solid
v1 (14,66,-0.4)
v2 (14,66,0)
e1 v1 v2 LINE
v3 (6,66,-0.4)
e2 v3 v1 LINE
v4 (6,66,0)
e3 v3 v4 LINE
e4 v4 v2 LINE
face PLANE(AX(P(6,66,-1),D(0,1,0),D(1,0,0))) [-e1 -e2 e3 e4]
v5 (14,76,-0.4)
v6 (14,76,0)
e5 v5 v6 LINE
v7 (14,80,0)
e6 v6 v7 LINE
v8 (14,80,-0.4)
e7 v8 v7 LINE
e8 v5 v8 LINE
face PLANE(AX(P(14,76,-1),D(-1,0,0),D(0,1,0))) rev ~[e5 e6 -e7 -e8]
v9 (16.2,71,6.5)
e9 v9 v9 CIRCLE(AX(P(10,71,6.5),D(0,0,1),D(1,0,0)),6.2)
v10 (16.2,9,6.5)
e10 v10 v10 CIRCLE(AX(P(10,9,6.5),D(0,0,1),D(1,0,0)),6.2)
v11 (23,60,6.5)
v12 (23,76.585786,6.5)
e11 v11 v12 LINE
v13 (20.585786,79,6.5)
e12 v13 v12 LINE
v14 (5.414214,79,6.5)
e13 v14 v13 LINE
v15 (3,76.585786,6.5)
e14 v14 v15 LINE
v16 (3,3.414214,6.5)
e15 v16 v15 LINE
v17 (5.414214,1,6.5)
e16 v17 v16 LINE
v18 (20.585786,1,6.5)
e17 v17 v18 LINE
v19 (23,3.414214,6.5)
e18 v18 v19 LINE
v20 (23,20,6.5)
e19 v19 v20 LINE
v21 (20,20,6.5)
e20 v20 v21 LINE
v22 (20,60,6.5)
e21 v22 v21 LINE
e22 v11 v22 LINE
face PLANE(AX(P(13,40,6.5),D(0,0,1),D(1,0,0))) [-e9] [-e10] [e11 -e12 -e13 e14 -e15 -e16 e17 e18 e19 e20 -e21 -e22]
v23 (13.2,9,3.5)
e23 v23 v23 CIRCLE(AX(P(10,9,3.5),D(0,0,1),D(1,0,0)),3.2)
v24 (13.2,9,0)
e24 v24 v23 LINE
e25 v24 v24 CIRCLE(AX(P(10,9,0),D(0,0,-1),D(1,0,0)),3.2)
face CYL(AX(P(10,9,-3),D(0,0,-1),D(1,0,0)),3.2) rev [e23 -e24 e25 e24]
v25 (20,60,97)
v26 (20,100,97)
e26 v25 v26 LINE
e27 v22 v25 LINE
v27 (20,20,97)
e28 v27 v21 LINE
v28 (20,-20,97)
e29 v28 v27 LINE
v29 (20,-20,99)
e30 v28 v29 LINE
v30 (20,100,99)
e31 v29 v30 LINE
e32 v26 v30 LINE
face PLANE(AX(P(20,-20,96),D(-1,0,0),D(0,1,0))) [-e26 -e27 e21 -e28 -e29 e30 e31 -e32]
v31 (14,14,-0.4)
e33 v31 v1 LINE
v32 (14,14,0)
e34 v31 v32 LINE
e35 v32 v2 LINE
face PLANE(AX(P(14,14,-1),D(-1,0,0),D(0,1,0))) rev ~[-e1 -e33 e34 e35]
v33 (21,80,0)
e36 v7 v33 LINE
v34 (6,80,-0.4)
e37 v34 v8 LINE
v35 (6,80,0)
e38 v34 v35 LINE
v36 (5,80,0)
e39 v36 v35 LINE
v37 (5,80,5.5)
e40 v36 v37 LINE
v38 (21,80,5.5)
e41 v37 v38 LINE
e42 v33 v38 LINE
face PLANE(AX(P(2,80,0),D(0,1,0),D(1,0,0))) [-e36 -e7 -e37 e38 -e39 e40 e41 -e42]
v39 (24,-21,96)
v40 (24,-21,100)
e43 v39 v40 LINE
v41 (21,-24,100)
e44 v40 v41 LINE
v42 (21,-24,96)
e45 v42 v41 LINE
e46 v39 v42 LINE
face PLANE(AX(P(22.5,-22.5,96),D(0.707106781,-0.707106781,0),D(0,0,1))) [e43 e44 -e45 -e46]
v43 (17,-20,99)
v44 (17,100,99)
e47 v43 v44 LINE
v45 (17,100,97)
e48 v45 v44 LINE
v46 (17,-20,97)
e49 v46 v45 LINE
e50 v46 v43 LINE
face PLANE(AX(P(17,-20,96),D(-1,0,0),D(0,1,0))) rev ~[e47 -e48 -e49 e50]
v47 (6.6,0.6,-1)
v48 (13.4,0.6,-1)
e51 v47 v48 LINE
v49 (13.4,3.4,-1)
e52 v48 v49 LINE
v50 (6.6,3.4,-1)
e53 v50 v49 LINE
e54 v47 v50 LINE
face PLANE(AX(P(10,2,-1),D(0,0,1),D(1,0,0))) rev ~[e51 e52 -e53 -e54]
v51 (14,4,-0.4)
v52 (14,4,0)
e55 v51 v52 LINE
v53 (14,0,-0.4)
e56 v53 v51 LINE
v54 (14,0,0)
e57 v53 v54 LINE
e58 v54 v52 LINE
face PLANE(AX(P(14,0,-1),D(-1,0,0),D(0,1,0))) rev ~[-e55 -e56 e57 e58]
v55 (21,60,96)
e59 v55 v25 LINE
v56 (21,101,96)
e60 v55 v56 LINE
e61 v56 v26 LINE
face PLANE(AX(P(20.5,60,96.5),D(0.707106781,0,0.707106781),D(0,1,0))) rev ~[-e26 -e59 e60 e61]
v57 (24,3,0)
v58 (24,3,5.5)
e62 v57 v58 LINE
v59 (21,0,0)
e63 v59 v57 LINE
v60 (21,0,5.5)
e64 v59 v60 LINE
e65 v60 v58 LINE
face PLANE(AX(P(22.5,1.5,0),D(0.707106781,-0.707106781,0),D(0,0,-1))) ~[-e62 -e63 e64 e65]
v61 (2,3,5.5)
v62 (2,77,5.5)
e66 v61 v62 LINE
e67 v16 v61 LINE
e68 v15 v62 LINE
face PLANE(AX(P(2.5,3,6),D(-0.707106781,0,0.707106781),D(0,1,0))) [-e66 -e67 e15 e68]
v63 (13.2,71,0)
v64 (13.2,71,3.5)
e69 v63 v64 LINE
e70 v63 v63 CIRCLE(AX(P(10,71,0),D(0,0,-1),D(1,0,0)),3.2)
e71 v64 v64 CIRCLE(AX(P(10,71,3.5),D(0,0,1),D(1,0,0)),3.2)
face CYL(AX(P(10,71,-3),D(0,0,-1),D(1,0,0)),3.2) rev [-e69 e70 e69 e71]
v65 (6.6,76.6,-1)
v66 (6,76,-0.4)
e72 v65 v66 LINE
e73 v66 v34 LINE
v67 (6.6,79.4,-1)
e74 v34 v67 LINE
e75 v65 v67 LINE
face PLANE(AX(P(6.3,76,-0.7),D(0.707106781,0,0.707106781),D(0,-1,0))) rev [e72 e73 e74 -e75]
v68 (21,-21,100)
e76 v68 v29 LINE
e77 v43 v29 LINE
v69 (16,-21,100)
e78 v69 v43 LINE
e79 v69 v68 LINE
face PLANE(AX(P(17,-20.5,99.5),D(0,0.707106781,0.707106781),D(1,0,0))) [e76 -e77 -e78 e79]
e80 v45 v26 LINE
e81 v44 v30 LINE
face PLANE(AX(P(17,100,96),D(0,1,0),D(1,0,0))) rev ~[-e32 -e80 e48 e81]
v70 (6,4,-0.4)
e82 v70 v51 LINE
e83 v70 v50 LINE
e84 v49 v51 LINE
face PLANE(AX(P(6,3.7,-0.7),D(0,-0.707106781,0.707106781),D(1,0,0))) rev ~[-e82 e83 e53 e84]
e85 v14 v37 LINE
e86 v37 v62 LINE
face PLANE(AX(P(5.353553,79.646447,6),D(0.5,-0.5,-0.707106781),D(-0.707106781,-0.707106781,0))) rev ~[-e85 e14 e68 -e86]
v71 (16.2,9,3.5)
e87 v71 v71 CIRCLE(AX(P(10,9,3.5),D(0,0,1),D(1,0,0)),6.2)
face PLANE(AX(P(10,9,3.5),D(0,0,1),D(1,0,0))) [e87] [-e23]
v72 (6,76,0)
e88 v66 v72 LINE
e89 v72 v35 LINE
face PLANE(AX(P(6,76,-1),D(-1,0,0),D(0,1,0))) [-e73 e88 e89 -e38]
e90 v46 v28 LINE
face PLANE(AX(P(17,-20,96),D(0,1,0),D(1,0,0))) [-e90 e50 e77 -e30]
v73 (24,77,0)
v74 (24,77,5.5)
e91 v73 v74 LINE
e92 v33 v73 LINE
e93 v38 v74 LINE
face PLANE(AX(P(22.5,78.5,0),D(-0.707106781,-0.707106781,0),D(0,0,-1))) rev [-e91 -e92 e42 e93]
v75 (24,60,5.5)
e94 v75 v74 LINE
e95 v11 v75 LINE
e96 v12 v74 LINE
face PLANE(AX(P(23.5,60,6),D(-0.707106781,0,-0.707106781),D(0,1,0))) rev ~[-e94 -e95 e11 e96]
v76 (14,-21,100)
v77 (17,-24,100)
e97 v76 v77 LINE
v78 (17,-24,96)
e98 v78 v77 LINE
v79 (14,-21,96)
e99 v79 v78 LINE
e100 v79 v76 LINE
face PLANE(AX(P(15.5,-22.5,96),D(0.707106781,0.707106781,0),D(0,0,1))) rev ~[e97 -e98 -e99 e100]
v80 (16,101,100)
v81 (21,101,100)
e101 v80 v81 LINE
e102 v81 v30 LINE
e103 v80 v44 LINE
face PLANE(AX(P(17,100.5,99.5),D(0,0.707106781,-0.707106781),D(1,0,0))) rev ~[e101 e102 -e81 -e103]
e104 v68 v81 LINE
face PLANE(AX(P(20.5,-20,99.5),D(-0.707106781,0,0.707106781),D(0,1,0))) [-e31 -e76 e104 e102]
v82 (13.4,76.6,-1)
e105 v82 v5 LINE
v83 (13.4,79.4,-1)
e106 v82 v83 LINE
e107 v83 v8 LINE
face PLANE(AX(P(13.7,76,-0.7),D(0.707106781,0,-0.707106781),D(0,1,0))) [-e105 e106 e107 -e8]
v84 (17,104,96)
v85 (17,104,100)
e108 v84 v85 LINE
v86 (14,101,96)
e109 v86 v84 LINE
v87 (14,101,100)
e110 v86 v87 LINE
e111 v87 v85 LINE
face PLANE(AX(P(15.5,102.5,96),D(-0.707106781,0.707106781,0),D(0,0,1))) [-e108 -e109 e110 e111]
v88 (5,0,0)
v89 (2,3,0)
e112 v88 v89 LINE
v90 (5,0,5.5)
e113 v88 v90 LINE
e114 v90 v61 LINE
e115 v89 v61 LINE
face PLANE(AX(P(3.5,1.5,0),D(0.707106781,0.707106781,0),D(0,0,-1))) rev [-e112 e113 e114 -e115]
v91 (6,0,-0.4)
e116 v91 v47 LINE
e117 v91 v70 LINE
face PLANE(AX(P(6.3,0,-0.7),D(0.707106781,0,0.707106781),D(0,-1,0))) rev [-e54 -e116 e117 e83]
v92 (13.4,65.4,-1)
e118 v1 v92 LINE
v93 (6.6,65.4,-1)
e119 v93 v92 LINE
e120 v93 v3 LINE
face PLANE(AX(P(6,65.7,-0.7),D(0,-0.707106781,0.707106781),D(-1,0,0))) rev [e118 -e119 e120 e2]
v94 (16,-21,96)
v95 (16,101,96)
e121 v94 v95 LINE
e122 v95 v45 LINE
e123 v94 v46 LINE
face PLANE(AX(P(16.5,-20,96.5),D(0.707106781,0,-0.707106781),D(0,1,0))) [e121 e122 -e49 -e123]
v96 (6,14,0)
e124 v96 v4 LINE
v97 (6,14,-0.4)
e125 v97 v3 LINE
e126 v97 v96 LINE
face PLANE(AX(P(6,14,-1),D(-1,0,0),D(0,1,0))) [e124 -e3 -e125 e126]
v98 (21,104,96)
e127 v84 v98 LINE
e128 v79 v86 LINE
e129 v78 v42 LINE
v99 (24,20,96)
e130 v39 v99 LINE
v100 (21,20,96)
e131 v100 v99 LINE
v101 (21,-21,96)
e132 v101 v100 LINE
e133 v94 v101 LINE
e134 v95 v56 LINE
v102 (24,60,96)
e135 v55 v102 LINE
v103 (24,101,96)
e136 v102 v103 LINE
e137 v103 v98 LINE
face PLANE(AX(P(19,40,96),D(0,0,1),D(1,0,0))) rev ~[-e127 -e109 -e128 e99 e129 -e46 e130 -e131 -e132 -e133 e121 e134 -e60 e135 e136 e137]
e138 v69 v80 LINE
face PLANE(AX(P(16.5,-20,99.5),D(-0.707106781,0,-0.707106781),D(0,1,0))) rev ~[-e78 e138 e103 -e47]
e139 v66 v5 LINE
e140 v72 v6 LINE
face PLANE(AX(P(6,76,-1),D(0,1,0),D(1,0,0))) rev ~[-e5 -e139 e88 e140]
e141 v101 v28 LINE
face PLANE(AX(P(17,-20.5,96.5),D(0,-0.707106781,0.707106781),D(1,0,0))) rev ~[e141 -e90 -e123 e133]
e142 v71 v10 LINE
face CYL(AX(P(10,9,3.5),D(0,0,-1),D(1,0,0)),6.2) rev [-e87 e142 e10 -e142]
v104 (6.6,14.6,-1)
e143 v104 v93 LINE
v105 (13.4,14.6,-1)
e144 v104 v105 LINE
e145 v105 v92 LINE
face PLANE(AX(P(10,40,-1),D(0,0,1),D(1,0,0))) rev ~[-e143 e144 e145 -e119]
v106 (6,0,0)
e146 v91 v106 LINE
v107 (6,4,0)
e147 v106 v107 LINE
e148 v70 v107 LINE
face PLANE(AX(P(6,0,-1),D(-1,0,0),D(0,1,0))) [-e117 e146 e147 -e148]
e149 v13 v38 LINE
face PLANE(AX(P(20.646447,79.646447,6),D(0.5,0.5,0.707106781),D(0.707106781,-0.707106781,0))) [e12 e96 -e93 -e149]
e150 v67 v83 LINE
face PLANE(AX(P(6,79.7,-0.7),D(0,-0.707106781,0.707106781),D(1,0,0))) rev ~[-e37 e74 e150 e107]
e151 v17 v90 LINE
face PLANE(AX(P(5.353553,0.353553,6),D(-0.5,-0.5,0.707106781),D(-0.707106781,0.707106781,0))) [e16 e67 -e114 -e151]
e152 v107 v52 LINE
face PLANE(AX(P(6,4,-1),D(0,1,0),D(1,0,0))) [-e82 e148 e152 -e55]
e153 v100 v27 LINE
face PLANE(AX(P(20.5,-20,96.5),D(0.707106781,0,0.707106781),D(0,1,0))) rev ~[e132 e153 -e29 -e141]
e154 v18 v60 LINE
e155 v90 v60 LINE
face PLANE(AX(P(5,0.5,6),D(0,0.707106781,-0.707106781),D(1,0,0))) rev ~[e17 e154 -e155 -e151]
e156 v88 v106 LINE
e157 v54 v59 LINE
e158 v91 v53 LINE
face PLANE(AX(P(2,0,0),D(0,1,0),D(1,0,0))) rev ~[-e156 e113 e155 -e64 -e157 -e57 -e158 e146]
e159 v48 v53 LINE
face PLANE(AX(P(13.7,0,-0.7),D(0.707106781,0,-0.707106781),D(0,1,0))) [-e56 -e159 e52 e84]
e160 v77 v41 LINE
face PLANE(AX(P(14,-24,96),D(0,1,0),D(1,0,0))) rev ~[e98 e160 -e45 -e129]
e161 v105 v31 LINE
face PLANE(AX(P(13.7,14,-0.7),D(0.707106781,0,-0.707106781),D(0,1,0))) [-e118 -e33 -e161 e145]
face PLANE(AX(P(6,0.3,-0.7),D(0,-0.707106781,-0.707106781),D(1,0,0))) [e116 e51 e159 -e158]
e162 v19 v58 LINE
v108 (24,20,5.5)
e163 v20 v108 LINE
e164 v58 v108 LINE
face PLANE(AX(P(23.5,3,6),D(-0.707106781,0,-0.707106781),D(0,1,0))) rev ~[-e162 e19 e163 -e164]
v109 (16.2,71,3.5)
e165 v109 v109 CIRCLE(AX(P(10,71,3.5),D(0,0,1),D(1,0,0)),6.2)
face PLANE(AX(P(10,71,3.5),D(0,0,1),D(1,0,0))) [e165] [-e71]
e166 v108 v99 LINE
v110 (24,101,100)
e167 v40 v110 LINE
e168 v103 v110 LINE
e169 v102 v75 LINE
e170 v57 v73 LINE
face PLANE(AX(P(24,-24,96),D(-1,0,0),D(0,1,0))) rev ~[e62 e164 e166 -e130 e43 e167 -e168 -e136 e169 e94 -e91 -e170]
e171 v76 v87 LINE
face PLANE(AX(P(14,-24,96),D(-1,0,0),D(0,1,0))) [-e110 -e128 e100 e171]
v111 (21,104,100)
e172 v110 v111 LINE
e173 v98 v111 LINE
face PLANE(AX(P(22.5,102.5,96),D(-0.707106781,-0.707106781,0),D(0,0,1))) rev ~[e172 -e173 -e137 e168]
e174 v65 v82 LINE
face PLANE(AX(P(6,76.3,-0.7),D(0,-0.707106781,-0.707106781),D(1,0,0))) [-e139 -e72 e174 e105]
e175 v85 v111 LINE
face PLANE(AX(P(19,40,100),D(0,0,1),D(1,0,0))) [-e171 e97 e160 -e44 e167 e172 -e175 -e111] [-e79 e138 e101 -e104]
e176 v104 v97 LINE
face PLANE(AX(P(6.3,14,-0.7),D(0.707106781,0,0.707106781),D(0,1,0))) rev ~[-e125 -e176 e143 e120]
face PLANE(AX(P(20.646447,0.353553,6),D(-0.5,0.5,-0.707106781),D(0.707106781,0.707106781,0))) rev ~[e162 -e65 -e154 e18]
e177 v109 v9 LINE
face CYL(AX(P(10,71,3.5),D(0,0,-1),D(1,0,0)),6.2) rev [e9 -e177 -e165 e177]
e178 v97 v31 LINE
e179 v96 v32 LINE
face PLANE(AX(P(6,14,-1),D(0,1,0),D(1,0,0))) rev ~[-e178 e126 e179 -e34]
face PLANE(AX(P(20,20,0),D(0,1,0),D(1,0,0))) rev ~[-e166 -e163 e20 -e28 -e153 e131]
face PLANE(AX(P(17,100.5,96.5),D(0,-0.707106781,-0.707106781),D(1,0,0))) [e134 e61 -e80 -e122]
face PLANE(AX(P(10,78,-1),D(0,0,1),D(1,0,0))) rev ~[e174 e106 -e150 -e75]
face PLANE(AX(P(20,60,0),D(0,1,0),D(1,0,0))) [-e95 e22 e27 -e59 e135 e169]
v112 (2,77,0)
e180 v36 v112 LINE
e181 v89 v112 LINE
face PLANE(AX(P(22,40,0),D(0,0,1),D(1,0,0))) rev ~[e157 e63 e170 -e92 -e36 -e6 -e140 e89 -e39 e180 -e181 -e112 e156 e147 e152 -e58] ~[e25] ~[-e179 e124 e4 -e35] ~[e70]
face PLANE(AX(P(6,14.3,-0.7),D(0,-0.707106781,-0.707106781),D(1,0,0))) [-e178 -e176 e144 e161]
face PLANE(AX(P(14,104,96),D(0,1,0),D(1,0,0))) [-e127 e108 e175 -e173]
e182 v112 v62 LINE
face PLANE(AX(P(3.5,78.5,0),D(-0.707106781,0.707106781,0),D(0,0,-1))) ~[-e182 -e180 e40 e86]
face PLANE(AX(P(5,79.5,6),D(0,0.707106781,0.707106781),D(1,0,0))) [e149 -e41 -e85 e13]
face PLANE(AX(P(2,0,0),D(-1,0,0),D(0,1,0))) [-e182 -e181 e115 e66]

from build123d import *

# Parameters (mm, degrees)
BOX006_W          = 3
BOX006_H          = 120
BOX006_DEPTH      = 4
BOX005_W          = 10
BOX005_H          = 128
BOX005_DEPTH      = 4
BOX004_W          = 4
BOX004_H          = 40
BOX004_DEPTH      = 100
CYLINDER010_R     = 6.2
CYLINDER010_DEPTH = 3
CYLINDER009_R     = 6.2
CYLINDER009_DEPTH = 3
CYLINDER001_R     = 3.2
CYLINDER001_DEPTH = 6.5
CYLINDER_R        = 3.2
CYLINDER_DEPTH    = 6.5
BOX_W             = 22
BOX_H             = 80
BOX_DEPTH         = 6.5
BOX002_W          = 8
BOX002_H          = 4
BOX002_DEPTH      = 1
BOX001_W          = 8
BOX001_H          = 4
BOX001_DEPTH      = 1
BOX003_W          = 8
BOX003_H          = 52
BOX003_DEPTH      = 1
CHAMFER_SIZE      = 3
CHAMFER001_SIZE   = 1
CHAMFER002_SIZE   = 1
CHAMFER003_SIZE   = 0.6


with BuildPart() as cube006:
    # Box006 → Box006 (new body)
    with BuildSketch(Plane(origin=(17, -20, 96), x_dir=(1, 0, 0), z_dir=(0, 0, 1))):
        with Locations((1.5, 60)):
            Rectangle(BOX006_W, BOX006_H)
    extrude(amount=BOX006_DEPTH)


with BuildPart() as cube005:
    # Box005 → Box005 (new body)
    with BuildSketch(Plane(origin=(14, -24, 96), x_dir=(1, 0, 0), z_dir=(0, 0, 1))):
        with Locations((5, 64)):
            Rectangle(BOX005_W, BOX005_H)
    extrude(amount=BOX005_DEPTH)


with BuildPart() as cut005:
    # Box004 → Box004 (new body)
    with BuildSketch(Plane(origin=(20, 20, 0), x_dir=(1, 0, 0), z_dir=(0, 0, 1))):
        with Locations((2, 20)):
            Rectangle(BOX004_W, BOX004_H)
    extrude(amount=BOX004_DEPTH)

    # Fusion012: union Cube005
    add(cube005.part)

    # Cut005: cut Cube006
    add(cube006.part, mode=Mode.SUBTRACT)


with BuildPart() as cylinder010:
    # Cylinder010 → Cylinder010 (new body)
    with BuildSketch(Plane(origin=(10, 71, 3.5), x_dir=(1, 0, 0), z_dir=(0, 0, 1))):
        Circle(CYLINDER010_R)
    extrude(amount=CYLINDER010_DEPTH)


with BuildPart() as cylinder009:
    # Cylinder009 → Cylinder009 (new body)
    with BuildSketch(Plane(origin=(10, 9, 3.5), x_dir=(1, 0, 0), z_dir=(0, 0, 1))):
        Circle(CYLINDER009_R)
    extrude(amount=CYLINDER009_DEPTH)


with BuildPart() as cylinder001:
    # Cylinder001 → Cylinder001 (new body)
    with BuildSketch(Plane(origin=(10, 71, -3), x_dir=(1, 0, 0), z_dir=(0, 0, 1))):
        Circle(CYLINDER001_R)
    extrude(amount=CYLINDER001_DEPTH)


with BuildPart() as cylinder:
    # Cylinder → Cylinder (new body)
    with BuildSketch(Plane(origin=(10, 9, -3), x_dir=(1, 0, 0), z_dir=(0, 0, 1))):
        Circle(CYLINDER_R)
    extrude(amount=CYLINDER_DEPTH)


with BuildPart() as cut004:
    # Box → Box (new body)
    with BuildSketch(Plane(origin=(2, 0, 0), x_dir=(1, 0, 0), z_dir=(0, 0, 1))):
        with Locations((11, 40)):
            Rectangle(BOX_W, BOX_H)
    extrude(amount=BOX_DEPTH)

    # Cut: cut Cylinder
    add(cylinder.part, mode=Mode.SUBTRACT)

    # Cut002: cut Cylinder001
    add(cylinder001.part, mode=Mode.SUBTRACT)

    # Cut003: cut Cylinder009
    add(cylinder009.part, mode=Mode.SUBTRACT)

    # Cut004: cut Cylinder010
    add(cylinder010.part, mode=Mode.SUBTRACT)


with BuildPart() as cube002:
    # Box002 → Box002 (new body)
    with BuildSketch(Plane(origin=(6, 76, -1), x_dir=(1, 0, 0), z_dir=(0, 0, 1))):
        with Locations((4, 2)):
            Rectangle(BOX002_W, BOX002_H)
    extrude(amount=BOX002_DEPTH)


with BuildPart() as fusion010:
    # Box001 → Box001 (new body)
    with BuildSketch(Plane(origin=(6, 0, -1), x_dir=(1, 0, 0), z_dir=(0, 0, 1))):
        with Locations((4, 2)):
            Rectangle(BOX001_W, BOX001_H)
    extrude(amount=BOX001_DEPTH)

    # Fusion010: union Cube002
    add(cube002.part)


with BuildPart() as chamfer003:
    # Box003 → Box003 (new body)
    with BuildSketch(Plane(origin=(6, 14, -1), x_dir=(1, 0, 0), z_dir=(0, 0, 1))):
        with Locations((4, 26)):
            Rectangle(BOX003_W, BOX003_H)
    extrude(amount=BOX003_DEPTH)

    # Fusion011: union Fusion010
    add(fusion010.part)

    # Fusion: union Cut004
    add(cut004.part)

    # Fusion013: union Cut005
    add(cut005.part)

    # Chamfer
    chamfer_edges = [chamfer003.edges().sort_by_distance(p)[0] for p in [
        (2, 0, 3.25),
        (2, 80, 3.25),
        (24, 0, 3.25),
        (24, 80, 3.25),
        (24, 104, 98),
        (24, -24, 98),
        (14, -24, 98),
        (14, 104, 98),
    ]]
    chamfer(chamfer_edges, length=CHAMFER_SIZE)

    # Chamfer001
    chamfer001_edges = [chamfer003.edges().sort_by_distance(p)[0] for p in [
        (20, 0, 96),
        (18.5, -20, 96),
        (17, 40, 96),
        (18.5, 100, 96),
        (20, 80, 96),
        (20, 80, 100),
        (20, 40, 100),
        (20, 0, 100),
        (18.5, 100, 100),
        (17, 40, 100),
        (18.5, -20, 100),
    ]]
    chamfer(chamfer001_edges, length=CHAMFER001_SIZE)

    # Chamfer002
    chamfer002_edges = [chamfer003.edges().sort_by_distance(p)[0] for p in [
        (13, 80, 6.5),
        (3.5, 78.5, 6.5),
        (2, 40, 6.5),
        (3.5, 1.5, 6.5),
        (13, 0, 6.5),
        (22.5, 1.5, 6.5),
        (24, 11.5, 6.5),
        (24, 68.5, 6.5),
        (22.5, 78.5, 6.5),
    ]]
    chamfer(chamfer002_edges, length=CHAMFER002_SIZE)

    # Chamfer003
    chamfer003_edges = [chamfer003.edges().sort_by_distance(p)[0] for p in [
        (6, 2, -1),
        (10, 4, -1),
        (14, 2, -1),
        (14, 78, -1),
        (10, 76, -1),
        (6, 78, -1),
        (6, 40, -1),
        (10, 66, -1),
        (14, 40, -1),
        (10, 14, -1),
        (10, 0, -1),
        (10, 80, -1),
    ]]
    chamfer(chamfer003_edges, length=CHAMFER003_SIZE)


solid = chamfer003.part
